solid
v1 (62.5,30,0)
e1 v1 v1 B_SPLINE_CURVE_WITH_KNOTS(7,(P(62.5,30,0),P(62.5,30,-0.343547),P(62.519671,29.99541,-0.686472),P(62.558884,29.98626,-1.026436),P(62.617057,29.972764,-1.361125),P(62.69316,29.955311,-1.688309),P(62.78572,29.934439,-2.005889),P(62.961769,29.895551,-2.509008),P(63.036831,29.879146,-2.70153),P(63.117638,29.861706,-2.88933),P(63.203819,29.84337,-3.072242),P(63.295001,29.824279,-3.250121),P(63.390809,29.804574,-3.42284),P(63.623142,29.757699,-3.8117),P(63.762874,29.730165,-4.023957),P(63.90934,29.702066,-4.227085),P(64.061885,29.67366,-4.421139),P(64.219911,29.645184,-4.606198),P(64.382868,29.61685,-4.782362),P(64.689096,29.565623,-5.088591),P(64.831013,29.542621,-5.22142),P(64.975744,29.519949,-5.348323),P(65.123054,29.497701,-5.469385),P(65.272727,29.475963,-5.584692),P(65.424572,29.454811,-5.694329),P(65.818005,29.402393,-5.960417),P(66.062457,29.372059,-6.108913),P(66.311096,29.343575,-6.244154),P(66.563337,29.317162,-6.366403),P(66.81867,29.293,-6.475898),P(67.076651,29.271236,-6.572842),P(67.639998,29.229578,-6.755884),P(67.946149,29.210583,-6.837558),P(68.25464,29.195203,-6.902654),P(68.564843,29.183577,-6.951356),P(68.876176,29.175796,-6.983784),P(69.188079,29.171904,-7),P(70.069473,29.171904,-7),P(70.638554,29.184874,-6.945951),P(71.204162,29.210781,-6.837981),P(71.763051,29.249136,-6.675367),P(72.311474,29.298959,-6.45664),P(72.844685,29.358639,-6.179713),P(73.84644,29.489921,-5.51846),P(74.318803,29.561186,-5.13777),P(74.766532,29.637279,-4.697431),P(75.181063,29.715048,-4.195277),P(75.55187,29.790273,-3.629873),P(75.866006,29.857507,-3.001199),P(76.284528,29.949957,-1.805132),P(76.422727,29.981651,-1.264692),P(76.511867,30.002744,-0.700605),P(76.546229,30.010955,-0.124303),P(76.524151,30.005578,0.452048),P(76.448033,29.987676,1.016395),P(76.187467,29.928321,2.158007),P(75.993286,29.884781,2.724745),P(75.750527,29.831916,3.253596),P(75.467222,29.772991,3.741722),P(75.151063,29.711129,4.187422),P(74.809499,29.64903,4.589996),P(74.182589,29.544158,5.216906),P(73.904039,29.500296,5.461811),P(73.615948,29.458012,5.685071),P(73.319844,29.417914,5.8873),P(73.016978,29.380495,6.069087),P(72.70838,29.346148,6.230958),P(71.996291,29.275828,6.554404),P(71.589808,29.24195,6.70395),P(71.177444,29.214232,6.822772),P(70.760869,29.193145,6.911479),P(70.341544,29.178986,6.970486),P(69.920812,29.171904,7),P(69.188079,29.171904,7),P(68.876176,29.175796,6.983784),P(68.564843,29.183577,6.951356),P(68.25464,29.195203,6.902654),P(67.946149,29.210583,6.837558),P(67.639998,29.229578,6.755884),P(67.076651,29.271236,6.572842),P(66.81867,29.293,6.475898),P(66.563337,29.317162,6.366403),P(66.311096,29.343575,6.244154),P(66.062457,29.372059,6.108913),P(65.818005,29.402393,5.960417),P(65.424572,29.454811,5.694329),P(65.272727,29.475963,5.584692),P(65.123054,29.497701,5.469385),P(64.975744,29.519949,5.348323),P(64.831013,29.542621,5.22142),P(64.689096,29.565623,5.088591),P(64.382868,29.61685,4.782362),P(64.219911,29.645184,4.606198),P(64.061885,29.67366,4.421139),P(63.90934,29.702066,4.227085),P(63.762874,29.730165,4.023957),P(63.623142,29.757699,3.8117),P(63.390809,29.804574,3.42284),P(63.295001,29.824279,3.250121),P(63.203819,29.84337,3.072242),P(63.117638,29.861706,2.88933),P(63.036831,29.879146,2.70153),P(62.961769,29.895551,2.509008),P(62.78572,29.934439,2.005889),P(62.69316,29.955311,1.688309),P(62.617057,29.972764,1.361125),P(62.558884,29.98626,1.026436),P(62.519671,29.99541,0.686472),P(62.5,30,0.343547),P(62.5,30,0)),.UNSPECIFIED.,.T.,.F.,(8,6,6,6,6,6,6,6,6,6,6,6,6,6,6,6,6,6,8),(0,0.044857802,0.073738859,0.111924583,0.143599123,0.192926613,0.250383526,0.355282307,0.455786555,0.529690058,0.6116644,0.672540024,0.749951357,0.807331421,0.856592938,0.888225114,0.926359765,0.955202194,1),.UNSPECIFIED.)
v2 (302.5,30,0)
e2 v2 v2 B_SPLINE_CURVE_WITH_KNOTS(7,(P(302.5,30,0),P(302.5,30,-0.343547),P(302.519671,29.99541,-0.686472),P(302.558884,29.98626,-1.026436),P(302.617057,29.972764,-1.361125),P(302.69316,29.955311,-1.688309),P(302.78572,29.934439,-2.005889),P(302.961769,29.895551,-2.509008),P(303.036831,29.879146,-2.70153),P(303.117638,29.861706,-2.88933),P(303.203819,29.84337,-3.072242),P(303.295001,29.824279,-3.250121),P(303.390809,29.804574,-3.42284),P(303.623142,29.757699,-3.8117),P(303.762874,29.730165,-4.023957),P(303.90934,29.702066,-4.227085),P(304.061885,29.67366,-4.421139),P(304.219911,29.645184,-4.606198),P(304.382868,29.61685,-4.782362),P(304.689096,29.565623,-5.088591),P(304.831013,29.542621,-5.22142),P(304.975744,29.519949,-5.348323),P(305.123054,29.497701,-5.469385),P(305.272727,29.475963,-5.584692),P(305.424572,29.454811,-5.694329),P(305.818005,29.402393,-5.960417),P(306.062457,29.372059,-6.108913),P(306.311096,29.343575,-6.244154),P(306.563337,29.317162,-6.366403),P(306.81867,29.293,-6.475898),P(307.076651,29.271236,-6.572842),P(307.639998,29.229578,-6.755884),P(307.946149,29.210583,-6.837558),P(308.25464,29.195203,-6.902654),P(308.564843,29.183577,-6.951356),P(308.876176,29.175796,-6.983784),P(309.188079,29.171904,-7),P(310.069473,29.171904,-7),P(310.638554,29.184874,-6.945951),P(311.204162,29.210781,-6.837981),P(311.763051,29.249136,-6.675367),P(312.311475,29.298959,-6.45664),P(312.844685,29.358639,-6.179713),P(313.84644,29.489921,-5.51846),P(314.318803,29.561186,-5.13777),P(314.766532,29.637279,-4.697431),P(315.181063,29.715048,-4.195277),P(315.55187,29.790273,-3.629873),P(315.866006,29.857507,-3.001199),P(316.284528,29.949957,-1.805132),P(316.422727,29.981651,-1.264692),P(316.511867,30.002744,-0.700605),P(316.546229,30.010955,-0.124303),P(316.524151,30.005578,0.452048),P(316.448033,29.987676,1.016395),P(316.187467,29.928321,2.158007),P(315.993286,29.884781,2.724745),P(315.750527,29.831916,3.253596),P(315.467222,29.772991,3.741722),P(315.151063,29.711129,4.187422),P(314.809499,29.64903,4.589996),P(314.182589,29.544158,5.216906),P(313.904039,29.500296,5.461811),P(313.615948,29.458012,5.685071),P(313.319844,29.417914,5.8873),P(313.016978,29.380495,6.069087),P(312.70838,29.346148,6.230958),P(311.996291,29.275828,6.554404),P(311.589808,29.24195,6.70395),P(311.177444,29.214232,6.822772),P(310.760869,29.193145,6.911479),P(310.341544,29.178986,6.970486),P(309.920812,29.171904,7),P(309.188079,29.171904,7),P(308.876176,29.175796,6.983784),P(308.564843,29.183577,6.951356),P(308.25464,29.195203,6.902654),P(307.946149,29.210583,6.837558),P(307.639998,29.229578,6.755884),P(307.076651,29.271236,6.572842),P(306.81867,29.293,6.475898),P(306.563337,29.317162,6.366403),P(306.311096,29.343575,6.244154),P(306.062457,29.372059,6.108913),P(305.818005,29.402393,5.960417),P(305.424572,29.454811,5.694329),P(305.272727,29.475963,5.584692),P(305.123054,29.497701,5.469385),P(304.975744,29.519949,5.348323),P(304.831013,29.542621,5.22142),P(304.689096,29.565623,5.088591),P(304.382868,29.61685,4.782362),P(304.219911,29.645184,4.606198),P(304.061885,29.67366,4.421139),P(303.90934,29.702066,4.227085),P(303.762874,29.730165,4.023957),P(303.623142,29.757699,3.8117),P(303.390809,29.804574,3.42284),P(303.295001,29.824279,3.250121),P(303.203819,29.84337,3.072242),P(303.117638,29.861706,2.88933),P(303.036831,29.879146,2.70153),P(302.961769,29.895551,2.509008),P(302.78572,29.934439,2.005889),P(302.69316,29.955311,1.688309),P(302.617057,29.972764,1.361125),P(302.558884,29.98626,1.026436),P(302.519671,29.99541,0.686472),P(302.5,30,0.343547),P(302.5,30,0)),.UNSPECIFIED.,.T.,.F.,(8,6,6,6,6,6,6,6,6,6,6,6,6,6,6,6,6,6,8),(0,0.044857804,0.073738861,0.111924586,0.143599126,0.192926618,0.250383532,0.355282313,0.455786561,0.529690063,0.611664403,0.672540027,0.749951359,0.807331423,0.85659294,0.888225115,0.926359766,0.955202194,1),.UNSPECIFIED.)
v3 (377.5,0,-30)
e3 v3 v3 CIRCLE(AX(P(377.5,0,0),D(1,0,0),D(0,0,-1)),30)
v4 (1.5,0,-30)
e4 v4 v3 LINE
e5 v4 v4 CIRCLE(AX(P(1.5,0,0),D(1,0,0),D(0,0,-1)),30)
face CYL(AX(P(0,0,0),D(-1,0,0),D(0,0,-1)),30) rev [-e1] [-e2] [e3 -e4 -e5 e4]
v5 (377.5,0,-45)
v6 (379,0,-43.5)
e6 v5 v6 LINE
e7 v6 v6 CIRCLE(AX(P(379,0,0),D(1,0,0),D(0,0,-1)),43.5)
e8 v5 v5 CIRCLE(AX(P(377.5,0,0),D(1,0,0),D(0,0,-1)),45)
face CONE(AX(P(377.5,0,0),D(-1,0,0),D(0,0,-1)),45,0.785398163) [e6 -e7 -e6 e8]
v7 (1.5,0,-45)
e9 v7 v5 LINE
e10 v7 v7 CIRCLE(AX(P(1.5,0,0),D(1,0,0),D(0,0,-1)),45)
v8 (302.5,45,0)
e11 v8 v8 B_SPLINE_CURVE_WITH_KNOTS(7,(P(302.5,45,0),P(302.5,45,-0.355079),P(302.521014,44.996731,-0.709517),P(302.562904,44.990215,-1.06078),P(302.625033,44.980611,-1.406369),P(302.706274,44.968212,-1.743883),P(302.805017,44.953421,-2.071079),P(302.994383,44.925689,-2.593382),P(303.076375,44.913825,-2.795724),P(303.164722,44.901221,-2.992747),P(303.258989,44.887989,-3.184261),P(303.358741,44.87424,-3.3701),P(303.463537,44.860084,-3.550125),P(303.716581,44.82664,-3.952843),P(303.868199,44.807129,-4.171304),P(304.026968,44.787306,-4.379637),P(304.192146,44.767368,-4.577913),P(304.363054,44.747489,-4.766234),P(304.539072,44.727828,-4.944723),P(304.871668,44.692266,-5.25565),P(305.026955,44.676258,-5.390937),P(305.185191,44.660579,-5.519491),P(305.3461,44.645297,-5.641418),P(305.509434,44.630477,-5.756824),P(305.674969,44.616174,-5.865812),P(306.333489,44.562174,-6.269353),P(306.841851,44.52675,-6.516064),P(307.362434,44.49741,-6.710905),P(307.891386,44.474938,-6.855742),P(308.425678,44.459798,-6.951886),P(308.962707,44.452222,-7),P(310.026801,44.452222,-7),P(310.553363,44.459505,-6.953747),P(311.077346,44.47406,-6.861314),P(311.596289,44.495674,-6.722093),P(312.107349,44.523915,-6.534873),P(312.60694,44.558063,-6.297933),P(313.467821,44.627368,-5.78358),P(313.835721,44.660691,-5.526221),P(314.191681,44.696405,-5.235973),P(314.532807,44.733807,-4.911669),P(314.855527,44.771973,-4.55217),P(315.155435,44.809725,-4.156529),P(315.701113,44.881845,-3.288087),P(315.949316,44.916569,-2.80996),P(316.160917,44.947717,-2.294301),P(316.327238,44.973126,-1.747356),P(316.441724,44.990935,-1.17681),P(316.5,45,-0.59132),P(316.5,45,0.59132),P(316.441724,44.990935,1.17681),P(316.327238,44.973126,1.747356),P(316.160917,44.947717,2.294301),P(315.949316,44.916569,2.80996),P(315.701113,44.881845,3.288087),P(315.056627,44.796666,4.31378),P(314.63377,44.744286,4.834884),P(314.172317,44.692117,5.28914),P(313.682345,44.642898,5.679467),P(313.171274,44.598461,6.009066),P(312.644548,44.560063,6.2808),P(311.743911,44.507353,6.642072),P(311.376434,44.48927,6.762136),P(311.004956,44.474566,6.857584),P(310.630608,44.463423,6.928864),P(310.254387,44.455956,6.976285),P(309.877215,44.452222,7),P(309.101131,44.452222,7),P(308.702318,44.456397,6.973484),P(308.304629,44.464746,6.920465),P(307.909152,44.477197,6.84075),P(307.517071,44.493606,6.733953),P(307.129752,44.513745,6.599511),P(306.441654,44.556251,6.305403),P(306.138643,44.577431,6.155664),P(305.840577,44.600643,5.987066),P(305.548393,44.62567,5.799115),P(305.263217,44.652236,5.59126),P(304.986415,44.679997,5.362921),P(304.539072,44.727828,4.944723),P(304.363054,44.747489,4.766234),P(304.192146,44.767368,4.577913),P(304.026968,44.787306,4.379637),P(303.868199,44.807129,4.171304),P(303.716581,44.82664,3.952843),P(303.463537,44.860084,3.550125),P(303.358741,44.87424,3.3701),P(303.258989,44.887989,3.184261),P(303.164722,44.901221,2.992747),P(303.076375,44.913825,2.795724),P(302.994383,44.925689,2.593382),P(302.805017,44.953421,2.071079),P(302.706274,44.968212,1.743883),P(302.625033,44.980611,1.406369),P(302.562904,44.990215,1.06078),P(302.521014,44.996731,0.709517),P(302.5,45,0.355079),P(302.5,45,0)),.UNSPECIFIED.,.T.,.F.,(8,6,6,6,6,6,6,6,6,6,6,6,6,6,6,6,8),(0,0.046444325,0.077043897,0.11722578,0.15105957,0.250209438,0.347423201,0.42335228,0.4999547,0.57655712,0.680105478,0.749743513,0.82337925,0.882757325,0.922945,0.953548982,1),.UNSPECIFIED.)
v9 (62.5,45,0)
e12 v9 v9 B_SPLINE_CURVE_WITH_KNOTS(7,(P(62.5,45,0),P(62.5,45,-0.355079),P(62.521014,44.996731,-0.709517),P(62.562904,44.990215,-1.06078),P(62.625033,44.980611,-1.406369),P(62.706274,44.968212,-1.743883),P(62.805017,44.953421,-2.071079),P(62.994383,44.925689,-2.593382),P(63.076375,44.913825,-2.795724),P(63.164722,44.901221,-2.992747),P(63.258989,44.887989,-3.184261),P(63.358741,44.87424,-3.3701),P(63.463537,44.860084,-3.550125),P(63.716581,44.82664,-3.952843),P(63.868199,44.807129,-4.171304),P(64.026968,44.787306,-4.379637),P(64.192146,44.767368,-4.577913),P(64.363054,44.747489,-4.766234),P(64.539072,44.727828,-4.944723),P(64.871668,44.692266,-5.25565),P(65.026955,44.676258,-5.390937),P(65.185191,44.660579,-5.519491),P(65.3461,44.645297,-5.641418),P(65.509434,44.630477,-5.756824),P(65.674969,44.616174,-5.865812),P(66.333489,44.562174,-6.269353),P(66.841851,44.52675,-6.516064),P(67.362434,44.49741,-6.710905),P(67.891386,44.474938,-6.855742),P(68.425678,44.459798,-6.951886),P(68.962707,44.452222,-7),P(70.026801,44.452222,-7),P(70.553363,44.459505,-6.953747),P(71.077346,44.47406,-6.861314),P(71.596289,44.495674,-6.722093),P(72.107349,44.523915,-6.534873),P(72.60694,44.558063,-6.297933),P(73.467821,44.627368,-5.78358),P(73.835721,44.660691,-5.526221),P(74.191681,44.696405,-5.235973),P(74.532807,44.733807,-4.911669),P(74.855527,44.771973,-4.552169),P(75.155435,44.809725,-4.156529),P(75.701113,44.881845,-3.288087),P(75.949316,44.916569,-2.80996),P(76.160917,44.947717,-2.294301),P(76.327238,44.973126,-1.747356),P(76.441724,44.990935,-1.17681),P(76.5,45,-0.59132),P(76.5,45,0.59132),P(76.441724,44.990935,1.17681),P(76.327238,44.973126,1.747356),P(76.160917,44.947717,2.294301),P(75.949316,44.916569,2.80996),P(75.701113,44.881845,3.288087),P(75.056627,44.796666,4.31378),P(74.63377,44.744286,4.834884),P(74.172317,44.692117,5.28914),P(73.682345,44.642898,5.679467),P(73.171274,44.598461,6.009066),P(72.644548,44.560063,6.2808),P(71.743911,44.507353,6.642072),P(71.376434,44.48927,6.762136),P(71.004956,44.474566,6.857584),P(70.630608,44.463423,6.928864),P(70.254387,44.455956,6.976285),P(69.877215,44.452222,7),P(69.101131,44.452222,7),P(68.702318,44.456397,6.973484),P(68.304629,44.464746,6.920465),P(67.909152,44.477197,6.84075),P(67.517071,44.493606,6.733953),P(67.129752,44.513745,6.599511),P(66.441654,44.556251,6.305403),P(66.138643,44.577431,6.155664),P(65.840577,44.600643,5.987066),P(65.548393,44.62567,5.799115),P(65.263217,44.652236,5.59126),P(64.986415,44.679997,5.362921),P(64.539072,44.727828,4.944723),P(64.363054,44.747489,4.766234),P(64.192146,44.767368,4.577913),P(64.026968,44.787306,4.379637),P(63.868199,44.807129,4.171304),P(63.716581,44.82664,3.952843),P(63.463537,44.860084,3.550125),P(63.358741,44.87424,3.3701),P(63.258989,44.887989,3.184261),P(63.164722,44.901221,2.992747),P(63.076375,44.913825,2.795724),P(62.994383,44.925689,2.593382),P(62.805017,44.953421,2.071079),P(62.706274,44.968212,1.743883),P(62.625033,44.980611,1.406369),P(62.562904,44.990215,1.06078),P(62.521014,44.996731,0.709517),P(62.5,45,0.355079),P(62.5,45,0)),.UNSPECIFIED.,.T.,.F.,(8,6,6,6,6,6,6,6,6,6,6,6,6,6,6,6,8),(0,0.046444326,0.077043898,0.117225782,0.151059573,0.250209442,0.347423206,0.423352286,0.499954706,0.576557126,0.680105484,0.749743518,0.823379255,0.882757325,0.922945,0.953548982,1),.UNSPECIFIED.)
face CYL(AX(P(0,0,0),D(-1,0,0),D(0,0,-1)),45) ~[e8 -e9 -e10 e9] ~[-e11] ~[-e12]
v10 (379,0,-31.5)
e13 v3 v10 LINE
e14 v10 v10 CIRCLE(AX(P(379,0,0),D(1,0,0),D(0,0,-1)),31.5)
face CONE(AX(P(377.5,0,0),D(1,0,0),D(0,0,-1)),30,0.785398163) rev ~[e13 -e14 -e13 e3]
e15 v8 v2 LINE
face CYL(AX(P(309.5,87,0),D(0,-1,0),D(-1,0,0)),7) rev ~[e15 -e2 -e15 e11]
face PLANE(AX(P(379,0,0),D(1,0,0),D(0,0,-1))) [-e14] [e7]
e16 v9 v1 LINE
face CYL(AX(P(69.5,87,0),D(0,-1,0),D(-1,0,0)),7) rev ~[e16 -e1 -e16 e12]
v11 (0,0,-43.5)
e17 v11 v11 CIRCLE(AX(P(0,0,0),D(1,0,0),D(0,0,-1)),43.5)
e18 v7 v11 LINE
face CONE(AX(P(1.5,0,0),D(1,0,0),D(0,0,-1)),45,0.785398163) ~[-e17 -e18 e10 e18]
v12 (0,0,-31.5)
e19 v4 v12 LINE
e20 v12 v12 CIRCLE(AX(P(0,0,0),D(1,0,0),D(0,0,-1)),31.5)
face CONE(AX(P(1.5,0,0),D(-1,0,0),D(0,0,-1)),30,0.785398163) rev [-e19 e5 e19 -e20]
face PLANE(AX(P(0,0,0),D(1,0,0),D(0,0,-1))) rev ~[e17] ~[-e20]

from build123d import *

# Parameters (mm, degrees)
SKETCH_1_R              = 45
SKETCH_1_R_2            = 30
EXTRUDE_1_DEPTH         = 379
CHAMFER_1_SIZE          = 1.5
HOLE_WIZARD_M16_2_D     = 14
HOLE_WIZARD_M16_2_DEPTH = 42
HOLE_WIZARD_M16_2_TIP   = 4.206024333


with BuildPart() as part:
    # 草图1 → 凸台-拉伸1 (new body)
    with BuildSketch(Plane(origin=(0, 0, 0), x_dir=(0, 0, -1), z_dir=(1, 0, 0))):
        Circle(SKETCH_1_R)
        Circle(SKETCH_1_R_2, mode=Mode.SUBTRACT)
    extrude(amount=EXTRUDE_1_DEPTH)

    # 倒角1
    chamfer_1_edges = [part.edges().sort_by_distance(p)[0] for p in [
        (0, 0, 45),
        (379, 0, 45),
        (0, 0, 30),
        (379, 0, 30),
    ]]
    chamfer(chamfer_1_edges, length=CHAMFER_1_SIZE)

    # M16 螺纹孔2
    with Locations(Plane(origin=(0, 45, 0), x_dir=(1, 0, 0), z_dir=(0, 1, 0))):
        with Locations((69.5, 0), (309.5, 0)):
            Hole(HOLE_WIZARD_M16_2_D / 2, depth=HOLE_WIZARD_M16_2_DEPTH)
            with Locations((0, 0, -(HOLE_WIZARD_M16_2_DEPTH + HOLE_WIZARD_M16_2_TIP / 2))):  # 118° drill point
                Cone(0, HOLE_WIZARD_M16_2_D / 2, HOLE_WIZARD_M16_2_TIP, mode=Mode.SUBTRACT)


solid = part.part
